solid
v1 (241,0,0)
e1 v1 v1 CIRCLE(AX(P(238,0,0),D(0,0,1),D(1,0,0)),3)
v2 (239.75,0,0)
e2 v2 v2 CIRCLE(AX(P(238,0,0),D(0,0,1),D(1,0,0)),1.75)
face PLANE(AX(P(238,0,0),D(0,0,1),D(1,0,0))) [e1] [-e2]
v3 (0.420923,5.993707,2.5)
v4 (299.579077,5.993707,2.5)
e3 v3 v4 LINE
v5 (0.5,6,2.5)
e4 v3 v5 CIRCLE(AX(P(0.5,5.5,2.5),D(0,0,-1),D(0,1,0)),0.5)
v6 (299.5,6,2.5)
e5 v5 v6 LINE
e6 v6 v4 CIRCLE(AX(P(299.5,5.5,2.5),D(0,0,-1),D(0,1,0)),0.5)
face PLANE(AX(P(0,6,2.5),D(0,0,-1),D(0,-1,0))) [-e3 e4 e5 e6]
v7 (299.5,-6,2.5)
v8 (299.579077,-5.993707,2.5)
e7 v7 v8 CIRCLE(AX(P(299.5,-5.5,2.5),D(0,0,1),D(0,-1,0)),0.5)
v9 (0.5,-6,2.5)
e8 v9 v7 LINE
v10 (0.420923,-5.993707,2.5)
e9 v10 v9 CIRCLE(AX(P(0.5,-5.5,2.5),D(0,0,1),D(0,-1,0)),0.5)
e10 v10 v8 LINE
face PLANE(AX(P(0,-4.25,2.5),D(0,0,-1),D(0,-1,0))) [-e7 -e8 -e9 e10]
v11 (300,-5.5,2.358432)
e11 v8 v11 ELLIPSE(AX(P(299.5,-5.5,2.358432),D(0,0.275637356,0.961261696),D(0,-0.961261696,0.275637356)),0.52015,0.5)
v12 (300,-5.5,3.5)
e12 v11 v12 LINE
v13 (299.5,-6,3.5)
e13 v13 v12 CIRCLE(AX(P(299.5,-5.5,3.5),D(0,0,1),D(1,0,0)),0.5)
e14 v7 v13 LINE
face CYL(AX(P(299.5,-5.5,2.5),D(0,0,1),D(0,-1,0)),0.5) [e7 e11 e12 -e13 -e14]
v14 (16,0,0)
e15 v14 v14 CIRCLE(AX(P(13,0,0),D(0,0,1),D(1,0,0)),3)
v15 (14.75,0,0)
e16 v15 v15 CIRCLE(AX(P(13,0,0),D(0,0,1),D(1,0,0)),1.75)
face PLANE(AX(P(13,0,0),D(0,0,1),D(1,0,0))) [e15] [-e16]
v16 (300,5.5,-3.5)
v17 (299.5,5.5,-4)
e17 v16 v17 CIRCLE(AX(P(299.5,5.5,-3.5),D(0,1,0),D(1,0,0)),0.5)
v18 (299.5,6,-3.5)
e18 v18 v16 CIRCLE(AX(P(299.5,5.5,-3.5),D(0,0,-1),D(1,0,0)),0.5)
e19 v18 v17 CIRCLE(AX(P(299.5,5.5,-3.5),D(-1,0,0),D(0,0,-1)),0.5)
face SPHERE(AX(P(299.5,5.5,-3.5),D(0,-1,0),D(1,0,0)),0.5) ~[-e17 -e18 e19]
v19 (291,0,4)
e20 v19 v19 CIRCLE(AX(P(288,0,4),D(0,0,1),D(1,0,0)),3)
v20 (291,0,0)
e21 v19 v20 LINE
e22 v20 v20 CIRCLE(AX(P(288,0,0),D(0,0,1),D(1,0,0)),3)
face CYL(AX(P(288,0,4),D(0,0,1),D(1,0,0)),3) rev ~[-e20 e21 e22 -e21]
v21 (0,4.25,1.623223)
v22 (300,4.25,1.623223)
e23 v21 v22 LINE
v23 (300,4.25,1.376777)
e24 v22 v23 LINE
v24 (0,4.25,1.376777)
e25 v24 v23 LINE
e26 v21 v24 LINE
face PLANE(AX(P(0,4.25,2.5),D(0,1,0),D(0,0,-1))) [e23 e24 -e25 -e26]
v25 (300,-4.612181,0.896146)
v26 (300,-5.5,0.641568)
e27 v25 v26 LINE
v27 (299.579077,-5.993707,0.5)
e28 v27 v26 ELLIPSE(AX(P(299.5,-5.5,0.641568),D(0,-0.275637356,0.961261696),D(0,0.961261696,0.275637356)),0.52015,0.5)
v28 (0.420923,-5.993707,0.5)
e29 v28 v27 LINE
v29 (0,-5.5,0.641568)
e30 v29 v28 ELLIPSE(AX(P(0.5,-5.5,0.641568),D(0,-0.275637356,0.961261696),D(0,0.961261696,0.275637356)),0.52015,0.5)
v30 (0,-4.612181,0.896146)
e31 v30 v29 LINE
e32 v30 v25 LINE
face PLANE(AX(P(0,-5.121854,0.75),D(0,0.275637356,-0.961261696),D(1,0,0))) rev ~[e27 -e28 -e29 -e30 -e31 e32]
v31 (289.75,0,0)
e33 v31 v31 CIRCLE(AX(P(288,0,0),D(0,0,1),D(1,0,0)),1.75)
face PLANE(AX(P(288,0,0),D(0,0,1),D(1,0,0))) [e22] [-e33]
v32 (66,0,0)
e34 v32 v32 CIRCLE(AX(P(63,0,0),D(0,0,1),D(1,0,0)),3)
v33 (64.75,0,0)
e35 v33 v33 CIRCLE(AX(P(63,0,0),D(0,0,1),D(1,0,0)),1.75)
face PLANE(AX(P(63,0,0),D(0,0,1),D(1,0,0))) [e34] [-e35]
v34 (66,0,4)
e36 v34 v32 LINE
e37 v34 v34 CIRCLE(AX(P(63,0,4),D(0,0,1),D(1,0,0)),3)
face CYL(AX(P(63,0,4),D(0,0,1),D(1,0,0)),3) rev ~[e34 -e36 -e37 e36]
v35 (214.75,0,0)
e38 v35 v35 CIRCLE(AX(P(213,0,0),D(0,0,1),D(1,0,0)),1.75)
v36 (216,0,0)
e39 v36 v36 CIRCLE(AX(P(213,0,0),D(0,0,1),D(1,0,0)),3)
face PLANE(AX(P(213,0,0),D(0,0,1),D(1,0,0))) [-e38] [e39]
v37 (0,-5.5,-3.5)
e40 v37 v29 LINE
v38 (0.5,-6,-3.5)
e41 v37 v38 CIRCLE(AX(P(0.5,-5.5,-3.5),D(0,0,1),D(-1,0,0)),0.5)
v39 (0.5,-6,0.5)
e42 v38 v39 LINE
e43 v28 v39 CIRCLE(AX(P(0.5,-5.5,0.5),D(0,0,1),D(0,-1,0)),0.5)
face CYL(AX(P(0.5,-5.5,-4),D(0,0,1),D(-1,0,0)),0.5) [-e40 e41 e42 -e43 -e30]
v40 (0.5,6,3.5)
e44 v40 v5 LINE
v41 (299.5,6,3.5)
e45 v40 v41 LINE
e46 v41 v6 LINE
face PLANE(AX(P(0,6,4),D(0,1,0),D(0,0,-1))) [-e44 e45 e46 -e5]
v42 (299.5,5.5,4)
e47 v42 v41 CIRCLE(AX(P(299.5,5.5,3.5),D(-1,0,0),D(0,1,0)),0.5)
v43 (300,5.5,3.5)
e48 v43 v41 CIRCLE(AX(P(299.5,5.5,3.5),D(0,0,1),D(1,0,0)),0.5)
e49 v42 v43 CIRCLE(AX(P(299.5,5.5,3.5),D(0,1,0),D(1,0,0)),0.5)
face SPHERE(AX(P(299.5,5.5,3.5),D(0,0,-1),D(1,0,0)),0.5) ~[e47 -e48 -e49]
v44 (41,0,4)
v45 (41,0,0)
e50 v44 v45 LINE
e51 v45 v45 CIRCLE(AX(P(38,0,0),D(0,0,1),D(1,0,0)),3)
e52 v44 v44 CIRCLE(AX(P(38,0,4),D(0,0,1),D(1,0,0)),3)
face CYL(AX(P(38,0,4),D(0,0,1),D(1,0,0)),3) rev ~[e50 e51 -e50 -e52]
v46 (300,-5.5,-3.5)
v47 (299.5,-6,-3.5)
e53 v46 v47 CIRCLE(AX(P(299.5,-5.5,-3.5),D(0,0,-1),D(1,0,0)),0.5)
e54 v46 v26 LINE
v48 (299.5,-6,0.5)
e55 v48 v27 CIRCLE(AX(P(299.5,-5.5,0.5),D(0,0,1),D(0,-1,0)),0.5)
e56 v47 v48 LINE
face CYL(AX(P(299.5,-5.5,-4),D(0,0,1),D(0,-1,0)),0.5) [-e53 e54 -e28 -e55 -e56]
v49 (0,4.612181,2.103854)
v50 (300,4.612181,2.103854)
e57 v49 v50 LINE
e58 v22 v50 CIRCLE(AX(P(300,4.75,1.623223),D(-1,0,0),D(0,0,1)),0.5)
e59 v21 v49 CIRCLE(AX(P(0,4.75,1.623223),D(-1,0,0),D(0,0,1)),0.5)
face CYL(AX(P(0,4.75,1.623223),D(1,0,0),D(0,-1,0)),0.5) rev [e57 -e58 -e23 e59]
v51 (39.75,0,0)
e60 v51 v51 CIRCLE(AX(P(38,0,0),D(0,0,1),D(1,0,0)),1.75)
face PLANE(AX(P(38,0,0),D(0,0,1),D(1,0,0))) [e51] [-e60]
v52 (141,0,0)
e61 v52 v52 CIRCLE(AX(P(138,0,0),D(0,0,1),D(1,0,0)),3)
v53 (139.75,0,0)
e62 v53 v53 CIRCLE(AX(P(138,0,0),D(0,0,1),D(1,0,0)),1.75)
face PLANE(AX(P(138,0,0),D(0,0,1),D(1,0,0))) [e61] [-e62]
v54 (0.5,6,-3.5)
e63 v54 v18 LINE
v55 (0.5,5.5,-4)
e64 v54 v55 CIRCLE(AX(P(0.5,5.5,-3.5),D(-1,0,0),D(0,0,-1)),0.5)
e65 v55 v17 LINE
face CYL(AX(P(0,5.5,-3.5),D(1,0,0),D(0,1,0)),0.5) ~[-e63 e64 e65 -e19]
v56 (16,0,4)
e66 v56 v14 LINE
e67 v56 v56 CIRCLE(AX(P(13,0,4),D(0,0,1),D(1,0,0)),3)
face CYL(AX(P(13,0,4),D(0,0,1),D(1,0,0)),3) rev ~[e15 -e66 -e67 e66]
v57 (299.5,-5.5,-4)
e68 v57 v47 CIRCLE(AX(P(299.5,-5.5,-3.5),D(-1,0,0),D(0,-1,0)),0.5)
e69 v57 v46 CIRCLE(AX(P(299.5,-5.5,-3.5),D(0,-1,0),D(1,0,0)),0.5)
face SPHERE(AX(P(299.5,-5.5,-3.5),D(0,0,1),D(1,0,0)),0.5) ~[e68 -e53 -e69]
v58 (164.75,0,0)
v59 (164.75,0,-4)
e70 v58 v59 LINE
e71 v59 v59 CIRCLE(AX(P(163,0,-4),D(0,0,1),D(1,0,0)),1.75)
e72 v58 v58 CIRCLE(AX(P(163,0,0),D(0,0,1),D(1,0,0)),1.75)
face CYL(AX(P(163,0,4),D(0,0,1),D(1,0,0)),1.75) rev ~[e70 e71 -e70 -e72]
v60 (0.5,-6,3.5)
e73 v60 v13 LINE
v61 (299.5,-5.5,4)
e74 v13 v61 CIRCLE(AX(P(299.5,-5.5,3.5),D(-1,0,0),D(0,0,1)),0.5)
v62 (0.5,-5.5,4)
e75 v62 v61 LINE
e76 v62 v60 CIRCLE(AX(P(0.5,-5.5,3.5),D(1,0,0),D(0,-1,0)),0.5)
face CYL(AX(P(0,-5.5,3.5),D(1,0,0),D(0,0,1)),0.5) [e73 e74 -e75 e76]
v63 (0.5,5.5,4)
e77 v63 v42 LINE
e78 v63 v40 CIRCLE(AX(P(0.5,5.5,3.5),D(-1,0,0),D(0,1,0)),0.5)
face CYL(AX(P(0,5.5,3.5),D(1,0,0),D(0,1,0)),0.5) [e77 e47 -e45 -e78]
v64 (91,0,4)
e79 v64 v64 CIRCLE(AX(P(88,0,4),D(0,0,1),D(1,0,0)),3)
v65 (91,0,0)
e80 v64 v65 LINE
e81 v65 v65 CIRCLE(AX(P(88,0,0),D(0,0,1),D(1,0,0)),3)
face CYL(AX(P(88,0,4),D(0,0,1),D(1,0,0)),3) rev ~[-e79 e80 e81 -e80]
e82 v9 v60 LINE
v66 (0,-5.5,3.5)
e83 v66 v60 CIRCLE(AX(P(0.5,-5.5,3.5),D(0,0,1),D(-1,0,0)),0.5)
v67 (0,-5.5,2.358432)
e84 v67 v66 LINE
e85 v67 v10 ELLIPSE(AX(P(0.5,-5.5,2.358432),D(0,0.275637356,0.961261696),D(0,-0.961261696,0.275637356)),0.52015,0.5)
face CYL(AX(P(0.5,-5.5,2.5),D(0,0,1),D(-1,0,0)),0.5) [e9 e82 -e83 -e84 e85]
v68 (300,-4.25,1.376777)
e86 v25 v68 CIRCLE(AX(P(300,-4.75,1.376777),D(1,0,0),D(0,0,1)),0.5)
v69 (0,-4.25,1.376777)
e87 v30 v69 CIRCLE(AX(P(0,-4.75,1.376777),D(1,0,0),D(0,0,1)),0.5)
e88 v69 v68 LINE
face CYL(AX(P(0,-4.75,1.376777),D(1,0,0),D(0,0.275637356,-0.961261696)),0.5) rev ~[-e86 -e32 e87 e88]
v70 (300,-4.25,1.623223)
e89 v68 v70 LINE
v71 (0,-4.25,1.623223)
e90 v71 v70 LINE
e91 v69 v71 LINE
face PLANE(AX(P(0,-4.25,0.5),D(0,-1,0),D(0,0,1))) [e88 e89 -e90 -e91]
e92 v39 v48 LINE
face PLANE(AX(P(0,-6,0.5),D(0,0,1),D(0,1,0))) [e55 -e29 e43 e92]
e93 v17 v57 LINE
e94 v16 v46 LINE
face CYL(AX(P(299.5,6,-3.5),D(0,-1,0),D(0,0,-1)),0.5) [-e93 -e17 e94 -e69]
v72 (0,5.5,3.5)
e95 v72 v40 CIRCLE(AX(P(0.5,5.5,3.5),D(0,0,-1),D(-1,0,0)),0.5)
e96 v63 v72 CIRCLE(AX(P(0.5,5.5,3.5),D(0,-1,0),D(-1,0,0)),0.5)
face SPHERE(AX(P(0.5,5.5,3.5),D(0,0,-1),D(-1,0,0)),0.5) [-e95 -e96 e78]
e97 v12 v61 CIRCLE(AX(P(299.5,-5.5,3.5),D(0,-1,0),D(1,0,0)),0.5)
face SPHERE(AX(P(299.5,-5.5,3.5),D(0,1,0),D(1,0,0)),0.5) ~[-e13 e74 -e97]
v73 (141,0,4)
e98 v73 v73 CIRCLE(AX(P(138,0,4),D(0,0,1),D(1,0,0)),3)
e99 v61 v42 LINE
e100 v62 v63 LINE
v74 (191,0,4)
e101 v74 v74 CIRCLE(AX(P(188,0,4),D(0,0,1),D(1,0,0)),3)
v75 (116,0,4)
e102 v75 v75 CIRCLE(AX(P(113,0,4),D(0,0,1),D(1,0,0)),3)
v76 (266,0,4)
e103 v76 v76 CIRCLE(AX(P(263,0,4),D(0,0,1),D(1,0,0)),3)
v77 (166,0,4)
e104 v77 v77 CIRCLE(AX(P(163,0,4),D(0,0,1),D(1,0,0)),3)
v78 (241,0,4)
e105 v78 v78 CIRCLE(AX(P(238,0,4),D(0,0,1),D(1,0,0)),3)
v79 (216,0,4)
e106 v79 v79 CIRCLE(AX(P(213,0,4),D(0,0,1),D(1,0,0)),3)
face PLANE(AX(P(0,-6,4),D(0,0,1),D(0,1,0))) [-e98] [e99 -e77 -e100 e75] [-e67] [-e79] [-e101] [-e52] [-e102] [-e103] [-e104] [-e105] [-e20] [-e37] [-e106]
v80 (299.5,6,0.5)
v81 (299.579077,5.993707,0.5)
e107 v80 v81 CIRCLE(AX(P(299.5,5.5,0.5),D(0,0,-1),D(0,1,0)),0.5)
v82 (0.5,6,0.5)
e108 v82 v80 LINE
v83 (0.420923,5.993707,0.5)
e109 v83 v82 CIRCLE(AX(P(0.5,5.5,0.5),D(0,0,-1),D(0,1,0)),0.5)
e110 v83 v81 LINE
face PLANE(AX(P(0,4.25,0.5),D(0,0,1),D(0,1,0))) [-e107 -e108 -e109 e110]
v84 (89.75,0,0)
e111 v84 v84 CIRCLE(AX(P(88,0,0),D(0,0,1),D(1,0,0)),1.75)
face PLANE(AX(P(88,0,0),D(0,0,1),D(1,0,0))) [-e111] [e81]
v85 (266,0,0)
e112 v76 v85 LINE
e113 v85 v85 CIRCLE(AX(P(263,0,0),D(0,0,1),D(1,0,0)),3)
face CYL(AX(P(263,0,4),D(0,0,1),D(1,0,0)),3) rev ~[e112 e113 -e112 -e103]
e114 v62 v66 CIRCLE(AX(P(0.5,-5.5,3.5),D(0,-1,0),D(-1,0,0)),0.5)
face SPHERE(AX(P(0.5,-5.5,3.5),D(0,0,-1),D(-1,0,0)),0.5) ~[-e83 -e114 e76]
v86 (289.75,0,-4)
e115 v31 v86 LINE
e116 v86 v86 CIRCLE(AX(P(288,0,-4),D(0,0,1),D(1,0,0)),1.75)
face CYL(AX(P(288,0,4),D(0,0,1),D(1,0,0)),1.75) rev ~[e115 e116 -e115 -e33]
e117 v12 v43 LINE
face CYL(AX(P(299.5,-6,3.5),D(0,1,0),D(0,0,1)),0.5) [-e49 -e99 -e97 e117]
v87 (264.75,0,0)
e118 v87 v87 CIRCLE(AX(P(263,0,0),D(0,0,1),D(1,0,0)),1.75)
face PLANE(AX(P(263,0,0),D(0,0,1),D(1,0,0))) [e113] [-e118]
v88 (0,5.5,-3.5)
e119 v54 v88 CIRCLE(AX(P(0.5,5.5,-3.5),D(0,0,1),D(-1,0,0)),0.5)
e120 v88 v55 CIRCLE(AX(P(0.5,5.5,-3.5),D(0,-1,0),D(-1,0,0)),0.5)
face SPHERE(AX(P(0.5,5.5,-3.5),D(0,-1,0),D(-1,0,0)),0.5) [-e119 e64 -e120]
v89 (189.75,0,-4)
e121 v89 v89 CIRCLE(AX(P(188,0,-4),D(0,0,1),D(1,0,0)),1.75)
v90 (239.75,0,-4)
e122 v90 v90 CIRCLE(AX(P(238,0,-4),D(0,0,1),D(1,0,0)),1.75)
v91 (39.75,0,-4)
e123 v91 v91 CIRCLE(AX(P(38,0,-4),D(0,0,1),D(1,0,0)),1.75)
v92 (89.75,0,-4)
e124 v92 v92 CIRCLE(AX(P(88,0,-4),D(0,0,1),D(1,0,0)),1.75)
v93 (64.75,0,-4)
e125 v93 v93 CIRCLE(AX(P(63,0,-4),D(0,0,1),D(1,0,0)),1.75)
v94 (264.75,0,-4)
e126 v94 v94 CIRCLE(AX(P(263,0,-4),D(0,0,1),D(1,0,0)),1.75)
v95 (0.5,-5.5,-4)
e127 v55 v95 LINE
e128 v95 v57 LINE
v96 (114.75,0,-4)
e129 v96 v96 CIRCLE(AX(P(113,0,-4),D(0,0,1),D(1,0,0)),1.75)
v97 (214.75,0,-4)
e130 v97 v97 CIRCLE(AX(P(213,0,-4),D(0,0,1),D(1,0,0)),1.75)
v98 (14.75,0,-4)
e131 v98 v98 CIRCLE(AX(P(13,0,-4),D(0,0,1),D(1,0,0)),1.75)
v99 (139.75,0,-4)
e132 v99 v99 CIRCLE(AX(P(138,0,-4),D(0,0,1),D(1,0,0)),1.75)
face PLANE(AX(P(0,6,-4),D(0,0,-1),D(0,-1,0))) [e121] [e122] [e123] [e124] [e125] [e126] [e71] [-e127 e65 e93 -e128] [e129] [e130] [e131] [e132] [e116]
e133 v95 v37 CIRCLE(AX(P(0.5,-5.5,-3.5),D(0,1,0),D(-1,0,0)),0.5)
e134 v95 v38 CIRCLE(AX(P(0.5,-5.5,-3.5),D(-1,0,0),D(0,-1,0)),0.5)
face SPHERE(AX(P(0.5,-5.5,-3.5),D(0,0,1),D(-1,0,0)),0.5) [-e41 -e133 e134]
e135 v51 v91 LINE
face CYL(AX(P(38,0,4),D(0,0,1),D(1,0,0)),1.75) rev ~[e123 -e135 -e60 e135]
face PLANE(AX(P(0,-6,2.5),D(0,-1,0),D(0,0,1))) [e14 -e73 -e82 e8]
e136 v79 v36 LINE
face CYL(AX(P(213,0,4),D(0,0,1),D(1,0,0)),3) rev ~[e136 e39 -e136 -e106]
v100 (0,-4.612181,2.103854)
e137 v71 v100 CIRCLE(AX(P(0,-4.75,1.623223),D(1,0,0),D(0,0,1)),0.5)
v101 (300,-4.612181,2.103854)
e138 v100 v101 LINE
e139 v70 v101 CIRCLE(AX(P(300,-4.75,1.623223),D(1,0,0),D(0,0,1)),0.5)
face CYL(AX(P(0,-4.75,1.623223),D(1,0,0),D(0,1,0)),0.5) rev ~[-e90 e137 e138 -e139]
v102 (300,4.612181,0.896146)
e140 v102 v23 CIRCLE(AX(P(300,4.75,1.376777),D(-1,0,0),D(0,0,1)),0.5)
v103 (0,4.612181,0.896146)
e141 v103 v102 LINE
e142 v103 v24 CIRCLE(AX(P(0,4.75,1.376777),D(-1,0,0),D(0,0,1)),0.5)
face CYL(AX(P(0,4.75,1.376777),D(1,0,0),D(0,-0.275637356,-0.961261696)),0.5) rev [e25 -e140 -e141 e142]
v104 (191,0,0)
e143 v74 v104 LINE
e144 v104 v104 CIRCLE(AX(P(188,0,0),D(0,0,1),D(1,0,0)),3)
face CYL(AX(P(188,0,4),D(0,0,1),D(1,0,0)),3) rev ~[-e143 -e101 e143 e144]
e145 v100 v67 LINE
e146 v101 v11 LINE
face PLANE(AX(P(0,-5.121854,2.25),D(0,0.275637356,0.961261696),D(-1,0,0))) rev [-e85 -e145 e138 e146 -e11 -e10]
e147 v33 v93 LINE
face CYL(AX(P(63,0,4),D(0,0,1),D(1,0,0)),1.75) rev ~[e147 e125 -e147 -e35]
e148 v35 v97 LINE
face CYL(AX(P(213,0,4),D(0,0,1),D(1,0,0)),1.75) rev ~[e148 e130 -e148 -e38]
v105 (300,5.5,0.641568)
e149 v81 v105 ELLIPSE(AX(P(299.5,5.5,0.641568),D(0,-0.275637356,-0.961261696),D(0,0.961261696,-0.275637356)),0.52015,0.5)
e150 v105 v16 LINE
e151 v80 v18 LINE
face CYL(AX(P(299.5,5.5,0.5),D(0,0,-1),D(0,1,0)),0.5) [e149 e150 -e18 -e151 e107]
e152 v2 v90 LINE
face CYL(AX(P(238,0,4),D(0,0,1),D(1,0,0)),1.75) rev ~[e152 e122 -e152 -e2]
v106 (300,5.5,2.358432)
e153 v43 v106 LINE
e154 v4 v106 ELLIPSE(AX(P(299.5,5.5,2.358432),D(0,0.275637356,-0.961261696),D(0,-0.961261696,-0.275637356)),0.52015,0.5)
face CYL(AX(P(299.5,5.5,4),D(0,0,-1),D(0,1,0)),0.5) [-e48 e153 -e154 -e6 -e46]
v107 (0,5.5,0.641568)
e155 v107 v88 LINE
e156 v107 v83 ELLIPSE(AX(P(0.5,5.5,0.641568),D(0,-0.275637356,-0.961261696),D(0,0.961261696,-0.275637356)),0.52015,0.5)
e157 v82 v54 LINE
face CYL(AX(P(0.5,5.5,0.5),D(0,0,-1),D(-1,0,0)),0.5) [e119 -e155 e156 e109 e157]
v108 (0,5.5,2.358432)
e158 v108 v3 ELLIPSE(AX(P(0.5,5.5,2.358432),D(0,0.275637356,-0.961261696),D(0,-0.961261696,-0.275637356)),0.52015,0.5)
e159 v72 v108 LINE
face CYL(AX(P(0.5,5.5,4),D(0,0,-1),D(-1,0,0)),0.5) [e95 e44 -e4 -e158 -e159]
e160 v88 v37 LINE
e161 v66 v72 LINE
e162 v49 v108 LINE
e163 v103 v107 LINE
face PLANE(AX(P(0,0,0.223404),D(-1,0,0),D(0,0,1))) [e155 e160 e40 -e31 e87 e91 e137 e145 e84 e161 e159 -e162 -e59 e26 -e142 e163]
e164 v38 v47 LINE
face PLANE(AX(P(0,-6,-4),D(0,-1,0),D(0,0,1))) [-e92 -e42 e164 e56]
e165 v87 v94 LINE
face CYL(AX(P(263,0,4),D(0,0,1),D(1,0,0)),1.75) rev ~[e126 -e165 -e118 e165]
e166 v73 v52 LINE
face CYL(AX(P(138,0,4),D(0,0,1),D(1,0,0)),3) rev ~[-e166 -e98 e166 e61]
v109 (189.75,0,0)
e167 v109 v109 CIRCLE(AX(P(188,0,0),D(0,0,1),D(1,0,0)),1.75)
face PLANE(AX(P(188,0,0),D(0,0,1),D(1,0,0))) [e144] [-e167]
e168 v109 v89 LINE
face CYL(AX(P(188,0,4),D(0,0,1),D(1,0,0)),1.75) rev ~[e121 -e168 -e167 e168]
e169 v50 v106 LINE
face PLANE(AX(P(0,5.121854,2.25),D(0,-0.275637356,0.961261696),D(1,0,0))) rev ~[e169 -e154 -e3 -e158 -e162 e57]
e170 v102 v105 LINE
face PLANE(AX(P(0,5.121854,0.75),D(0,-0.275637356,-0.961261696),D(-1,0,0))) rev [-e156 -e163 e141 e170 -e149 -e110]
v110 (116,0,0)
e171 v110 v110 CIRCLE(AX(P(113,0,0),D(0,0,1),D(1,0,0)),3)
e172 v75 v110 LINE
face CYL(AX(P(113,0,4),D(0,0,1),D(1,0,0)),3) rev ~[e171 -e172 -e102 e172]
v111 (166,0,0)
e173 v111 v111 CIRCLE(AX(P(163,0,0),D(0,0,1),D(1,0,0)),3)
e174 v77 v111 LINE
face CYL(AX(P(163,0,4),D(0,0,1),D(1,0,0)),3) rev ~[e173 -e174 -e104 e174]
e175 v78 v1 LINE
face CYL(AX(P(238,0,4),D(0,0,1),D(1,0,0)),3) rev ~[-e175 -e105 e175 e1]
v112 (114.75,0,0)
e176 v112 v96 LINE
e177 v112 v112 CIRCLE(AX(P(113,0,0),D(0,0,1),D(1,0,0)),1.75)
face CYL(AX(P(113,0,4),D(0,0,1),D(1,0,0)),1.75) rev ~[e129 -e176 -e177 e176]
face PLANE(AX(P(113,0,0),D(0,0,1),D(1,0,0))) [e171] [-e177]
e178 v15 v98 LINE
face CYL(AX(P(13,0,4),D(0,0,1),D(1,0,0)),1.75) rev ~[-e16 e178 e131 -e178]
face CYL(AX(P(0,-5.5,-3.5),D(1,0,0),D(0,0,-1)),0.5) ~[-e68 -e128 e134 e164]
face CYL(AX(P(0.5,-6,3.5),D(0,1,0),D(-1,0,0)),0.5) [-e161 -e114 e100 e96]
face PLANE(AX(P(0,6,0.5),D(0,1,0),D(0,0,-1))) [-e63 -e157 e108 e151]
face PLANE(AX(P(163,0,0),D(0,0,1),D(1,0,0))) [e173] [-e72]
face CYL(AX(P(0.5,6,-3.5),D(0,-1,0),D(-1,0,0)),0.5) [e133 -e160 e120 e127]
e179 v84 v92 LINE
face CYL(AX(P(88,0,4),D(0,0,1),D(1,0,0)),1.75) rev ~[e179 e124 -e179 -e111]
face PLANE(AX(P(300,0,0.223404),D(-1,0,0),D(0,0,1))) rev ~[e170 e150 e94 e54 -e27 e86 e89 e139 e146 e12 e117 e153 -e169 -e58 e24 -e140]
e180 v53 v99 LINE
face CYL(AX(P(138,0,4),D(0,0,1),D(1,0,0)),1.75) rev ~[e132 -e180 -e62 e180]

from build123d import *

# Parameters (mm, degrees)
BOSS_EXTRUDE1_DEPTH   = 300
SKETCH2_R             = 1.75
CUT_EXTRUDE1_DEPTH    = 10
SKETCH3_R             = 3
CUT_EXTRUDE2_DEPTH    = 4
CHAMFER1_SIZE         = 0.5
CHAMFER1_SIZE2        = 1.743707222
CHAMFER1_PART_2_SIZE  = 0.5
CHAMFER1_PART_2_SIZE2 = 1.743707222
FILLET1_R             = 0.5


with BuildPart() as part:
    # Sketch1 → Boss-Extrude1 (new body)
    with BuildSketch(Plane(origin=(0, 0, 0), x_dir=(0, 0, -1), z_dir=(1, 0, 0))):
        Polygon((-0.5, 6), (4, 6), (4, -6), (-0.5, -6), (-0.5, -4.25), (-2.5, -4.25), (-2.5, -6), (-4, -6), (-4, 6), (-2.5, 6), (-2.5, 4.25), (-0.5, 4.25), align=None)
    extrude(amount=BOSS_EXTRUDE1_DEPTH)

    # Sketch2 → Cut-Extrude1 (cut)
    with BuildSketch(Plane.XY.offset(4)):
        with Locations((13, 0)):
            Circle(SKETCH2_R)
        with Locations((38, 0)):
            Circle(SKETCH2_R)
        with Locations((63, 0)):
            Circle(SKETCH2_R)
        with Locations((88, 0)):
            Circle(SKETCH2_R)
        with Locations((113, 0)):
            Circle(SKETCH2_R)
        with Locations((138, 0)):
            Circle(SKETCH2_R)
        with Locations((163, 0)):
            Circle(SKETCH2_R)
        with Locations((188, 0)):
            Circle(SKETCH2_R)
        with Locations((213, 0)):
            Circle(SKETCH2_R)
        with Locations((238, 0)):
            Circle(SKETCH2_R)
        with Locations((263, 0)):
            Circle(SKETCH2_R)
        with Locations((288, 0)):
            Circle(SKETCH2_R)
        with Locations((313, 0)):
            Circle(SKETCH2_R)
        with Locations((338, 0)):
            Circle(SKETCH2_R)
        with Locations((363, 0)):
            Circle(SKETCH2_R)
        with Locations((388, 0)):
            Circle(SKETCH2_R)
    extrude(amount=-CUT_EXTRUDE1_DEPTH, mode=Mode.SUBTRACT)

    # Sketch3 → Cut-Extrude2 (cut)
    with BuildSketch(Plane.XY.offset(4)):
        with Locations((13, 0)):
            Circle(SKETCH3_R)
        with Locations((38, 0)):
            Circle(SKETCH3_R)
        with Locations((63, 0)):
            Circle(SKETCH3_R)
        with Locations((88, 0)):
            Circle(SKETCH3_R)
        with Locations((113, 0)):
            Circle(SKETCH3_R)
        with Locations((138, 0)):
            Circle(SKETCH3_R)
        with Locations((163, 0)):
            Circle(SKETCH3_R)
        with Locations((188, 0)):
            Circle(SKETCH3_R)
        with Locations((213, 0)):
            Circle(SKETCH3_R)
        with Locations((238, 0)):
            Circle(SKETCH3_R)
        with Locations((263, 0)):
            Circle(SKETCH3_R)
        with Locations((288, 0)):
            Circle(SKETCH3_R)
        with Locations((313, 0)):
            Circle(SKETCH3_R)
        with Locations((338, 0)):
            Circle(SKETCH3_R)
        with Locations((363, 0)):
            Circle(SKETCH3_R)
        with Locations((388, 0)):
            Circle(SKETCH3_R)
    extrude(amount=-CUT_EXTRUDE2_DEPTH, mode=Mode.SUBTRACT)

    # Chamfer1
    chamfer1_edges = [part.edges().sort_by_distance(p)[0] for p in [
        (150, -4.25, 0.5),
        (150, -4.25, 2.5),
    ]]
    chamfer1_side = [part.faces().sort_by_distance(p)[0] for p in [
        (150, -4.25, 1.5),
    ]]
    chamfer(chamfer1_edges, length=CHAMFER1_SIZE, length2=CHAMFER1_SIZE2, reference=chamfer1_side[0])

    # Chamfer1 part 2
    chamfer1_part_2_edges = [part.edges().sort_by_distance(p)[0] for p in [
        (150, 4.25, 2.5),
        (150, 4.25, 0.5),
    ]]
    chamfer1_part_2_side = [part.faces().sort_by_distance(p)[0] for p in [
        (150, 4.25, 1.5),
    ]]
    chamfer(chamfer1_part_2_edges, length=CHAMFER1_PART_2_SIZE, length2=CHAMFER1_PART_2_SIZE2, reference=chamfer1_part_2_side[0])

    # Fillet1
    fillet1_edges = [part.edges().sort_by_distance(p)[0] for p in [
        (300, -6, -1.75),
        (300, 0, -4),
        (300, 6, -1.75),
        (300, 6, 3.25),
        (300, 0, 4),
        (300, -6, 3.25),
        (0, -6, 3.25),
        (0, -6, -1.75),
        (0, 0, -4),
        (0, 6, -1.75),
        (0, 6, 3.25),
        (0, 0, 4),
        (150, -4.25, 1),
        (150, -4.25, 2),
        (150, 4.25, 2),
        (150, 4.25, 1),
        (150, -6, 4),
        (150, 6, 4),
        (150, -6, -4),
        (150, 6, -4),
    ]]
    fillet(fillet1_edges, radius=FILLET1_R)


solid = part.part
